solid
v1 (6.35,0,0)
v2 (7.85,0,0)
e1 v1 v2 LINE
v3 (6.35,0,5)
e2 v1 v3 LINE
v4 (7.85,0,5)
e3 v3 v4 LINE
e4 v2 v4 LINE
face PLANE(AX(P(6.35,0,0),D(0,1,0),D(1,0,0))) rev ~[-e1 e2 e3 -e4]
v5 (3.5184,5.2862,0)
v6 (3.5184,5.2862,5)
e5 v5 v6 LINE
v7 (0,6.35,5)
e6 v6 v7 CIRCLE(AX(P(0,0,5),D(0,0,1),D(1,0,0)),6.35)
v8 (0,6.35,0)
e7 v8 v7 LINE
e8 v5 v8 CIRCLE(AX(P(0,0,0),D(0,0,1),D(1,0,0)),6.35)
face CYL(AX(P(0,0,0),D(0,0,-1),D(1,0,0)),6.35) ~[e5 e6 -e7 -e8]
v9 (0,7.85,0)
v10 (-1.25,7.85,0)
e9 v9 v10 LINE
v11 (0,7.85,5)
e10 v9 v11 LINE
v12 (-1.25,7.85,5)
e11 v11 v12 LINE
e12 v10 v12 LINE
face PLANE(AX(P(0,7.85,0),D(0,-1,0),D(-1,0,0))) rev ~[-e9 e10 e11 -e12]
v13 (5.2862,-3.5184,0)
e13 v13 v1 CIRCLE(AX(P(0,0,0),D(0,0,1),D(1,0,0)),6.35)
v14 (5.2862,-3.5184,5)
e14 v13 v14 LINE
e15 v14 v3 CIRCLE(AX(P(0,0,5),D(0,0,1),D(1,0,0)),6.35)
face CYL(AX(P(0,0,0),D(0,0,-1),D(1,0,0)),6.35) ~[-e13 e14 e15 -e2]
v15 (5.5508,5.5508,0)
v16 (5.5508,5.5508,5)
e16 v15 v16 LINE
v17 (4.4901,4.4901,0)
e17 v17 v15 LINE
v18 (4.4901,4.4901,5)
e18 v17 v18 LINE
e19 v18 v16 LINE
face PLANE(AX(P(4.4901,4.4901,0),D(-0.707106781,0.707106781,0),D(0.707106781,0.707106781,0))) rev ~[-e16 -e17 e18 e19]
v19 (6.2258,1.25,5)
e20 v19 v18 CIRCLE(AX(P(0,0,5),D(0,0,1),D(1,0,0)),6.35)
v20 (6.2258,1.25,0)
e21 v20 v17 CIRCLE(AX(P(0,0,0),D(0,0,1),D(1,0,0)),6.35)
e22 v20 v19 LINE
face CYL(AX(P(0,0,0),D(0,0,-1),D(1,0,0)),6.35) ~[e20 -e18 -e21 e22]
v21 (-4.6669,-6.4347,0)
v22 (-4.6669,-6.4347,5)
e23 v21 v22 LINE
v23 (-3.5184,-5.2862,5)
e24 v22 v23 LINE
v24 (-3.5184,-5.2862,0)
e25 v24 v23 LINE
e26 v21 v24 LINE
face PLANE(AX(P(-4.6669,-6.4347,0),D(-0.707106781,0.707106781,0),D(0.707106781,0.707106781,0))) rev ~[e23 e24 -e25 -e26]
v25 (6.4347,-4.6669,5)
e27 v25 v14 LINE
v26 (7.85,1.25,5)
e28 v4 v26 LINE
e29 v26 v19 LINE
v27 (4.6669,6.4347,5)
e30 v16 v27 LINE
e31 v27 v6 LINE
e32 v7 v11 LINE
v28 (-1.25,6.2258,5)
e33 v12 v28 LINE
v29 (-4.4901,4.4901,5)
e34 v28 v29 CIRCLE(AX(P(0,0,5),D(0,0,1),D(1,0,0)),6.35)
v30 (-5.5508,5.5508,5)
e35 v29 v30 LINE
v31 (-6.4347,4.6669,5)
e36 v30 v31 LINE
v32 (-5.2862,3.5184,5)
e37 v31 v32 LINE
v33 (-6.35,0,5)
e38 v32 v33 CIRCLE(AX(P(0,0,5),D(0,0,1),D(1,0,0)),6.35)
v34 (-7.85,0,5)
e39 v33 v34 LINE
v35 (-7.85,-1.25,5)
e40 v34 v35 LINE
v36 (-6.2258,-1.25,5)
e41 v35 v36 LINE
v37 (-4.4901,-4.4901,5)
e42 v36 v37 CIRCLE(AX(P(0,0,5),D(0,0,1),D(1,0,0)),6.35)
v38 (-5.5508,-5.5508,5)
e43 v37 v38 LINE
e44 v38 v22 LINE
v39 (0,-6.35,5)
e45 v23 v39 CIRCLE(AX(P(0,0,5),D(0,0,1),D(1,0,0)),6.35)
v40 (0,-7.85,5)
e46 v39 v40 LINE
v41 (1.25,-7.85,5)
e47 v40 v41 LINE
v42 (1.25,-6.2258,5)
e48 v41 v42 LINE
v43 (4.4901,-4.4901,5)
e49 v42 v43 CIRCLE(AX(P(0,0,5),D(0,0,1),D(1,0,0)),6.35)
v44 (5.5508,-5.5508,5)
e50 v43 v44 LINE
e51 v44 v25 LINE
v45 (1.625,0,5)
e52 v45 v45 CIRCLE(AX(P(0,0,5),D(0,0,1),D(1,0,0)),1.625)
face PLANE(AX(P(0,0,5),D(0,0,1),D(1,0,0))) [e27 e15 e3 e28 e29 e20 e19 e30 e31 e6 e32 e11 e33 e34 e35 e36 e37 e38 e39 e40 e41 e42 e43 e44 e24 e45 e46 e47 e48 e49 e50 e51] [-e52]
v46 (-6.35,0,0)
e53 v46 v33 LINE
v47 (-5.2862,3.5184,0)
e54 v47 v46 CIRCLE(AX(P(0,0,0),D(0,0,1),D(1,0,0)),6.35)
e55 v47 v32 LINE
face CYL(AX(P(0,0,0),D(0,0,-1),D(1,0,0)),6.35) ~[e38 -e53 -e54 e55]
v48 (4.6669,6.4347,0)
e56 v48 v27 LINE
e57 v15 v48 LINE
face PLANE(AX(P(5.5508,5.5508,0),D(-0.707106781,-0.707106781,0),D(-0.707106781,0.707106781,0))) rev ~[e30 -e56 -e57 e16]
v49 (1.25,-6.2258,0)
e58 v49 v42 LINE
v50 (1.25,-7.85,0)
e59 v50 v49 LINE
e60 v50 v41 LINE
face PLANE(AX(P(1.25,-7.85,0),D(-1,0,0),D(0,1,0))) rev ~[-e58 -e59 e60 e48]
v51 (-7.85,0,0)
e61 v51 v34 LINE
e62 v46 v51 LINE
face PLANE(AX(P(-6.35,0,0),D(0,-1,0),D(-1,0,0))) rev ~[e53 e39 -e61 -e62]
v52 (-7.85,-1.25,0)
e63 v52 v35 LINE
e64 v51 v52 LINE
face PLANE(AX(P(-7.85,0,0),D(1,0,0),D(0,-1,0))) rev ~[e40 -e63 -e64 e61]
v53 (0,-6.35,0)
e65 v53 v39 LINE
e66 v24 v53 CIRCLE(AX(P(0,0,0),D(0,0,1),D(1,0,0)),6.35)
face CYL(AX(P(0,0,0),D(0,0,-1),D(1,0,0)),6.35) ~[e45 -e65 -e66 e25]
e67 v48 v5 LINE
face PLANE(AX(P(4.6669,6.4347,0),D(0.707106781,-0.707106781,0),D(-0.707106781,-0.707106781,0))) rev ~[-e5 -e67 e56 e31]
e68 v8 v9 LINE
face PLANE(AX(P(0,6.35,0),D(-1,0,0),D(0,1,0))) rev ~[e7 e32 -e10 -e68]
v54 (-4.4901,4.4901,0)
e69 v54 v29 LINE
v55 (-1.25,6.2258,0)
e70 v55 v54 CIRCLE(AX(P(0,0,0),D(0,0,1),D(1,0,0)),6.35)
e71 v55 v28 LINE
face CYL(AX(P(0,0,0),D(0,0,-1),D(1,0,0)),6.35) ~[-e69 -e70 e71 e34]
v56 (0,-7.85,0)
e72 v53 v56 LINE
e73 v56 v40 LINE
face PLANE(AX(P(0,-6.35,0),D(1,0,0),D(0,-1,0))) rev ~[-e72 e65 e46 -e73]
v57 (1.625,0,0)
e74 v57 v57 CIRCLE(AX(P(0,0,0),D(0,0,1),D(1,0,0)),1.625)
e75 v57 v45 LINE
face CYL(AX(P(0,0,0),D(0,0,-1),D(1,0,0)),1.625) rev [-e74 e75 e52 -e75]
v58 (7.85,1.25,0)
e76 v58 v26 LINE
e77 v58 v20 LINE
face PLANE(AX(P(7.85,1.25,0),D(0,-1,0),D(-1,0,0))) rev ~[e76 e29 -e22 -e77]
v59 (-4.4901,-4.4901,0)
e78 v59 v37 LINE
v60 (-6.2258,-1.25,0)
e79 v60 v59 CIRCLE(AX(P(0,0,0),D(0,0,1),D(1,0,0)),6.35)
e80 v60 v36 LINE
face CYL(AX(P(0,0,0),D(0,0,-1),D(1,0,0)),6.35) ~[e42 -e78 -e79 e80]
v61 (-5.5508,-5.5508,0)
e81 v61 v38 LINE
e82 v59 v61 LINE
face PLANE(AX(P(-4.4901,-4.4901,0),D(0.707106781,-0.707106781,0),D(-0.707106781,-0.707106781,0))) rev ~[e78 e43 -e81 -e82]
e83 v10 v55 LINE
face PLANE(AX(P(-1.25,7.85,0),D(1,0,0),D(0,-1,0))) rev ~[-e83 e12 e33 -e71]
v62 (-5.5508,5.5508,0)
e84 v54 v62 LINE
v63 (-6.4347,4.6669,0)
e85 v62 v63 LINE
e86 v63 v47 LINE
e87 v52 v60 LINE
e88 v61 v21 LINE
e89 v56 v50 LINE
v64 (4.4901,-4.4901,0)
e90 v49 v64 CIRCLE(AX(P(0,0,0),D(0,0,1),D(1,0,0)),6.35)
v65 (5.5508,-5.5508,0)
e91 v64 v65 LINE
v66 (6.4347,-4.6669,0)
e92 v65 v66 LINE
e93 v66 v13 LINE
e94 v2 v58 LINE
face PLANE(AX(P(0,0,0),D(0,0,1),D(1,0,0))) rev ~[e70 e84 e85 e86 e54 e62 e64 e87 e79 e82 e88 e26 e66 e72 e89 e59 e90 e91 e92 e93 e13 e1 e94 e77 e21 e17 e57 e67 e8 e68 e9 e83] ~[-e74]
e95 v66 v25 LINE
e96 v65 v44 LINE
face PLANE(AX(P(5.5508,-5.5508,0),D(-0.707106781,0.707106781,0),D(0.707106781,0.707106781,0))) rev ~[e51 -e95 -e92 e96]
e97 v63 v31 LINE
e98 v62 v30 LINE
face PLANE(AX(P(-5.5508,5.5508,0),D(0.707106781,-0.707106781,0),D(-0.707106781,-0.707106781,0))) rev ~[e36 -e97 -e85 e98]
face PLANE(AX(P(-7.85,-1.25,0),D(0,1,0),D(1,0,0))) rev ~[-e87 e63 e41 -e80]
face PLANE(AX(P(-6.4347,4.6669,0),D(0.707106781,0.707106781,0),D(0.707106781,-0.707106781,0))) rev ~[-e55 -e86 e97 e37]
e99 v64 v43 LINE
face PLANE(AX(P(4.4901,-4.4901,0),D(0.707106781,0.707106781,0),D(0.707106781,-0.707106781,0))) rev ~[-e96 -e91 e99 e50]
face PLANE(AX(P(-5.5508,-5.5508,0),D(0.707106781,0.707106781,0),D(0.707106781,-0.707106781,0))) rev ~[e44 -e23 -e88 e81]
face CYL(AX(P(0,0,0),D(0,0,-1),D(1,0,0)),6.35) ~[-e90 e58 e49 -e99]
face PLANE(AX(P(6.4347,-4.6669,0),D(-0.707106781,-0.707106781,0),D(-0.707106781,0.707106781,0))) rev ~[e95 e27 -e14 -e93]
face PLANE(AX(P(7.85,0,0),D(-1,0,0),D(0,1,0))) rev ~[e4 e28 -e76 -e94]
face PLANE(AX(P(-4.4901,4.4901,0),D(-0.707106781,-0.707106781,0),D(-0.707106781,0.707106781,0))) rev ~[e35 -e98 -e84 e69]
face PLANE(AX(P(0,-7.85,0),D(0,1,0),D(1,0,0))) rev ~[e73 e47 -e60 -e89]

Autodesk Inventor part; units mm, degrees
ref_plane "YZ Plane" through (0, 0, 0) normal (1, 0, 0) x (0, 1, 0)
ref_plane "XZ Plane" through (0, 0, 0) normal (0, 1, 0) x (-1, 0, 0)
ref_plane "XY Plane" through (0, 0, 0) normal (0, 0, 1) x (1, 0, 0)
sketch "Sketch1" plane through (0, 0, 0) normal (0, 0, 1) x (1, 0, 0)
  circle A0 centre (0, 0) radius 6.35
  line L0 (0, 6.35) -> (0, 7.85)
  line L1 (0, 7.85) -> (-1.25, 7.85)
  line L2 (-1.25, 7.85) -> (-1.25, 6.2258)
  line L3 (-5.5508, 5.5508) -> (-6.4347, 4.6669)
  line L4 (-6.4347, 4.6669) -> (-5.2862, 3.5184)
  line L5 (-4.4901, 4.4901) -> (-5.5508, 5.5508)
  line L6 (-7.85, 0) -> (-7.85, -1.25)
  line L7 (-7.85, -1.25) -> (-6.2258, -1.25)
  line L8 (-6.35, 0) -> (-7.85, 0)
  line L9 (-5.5508, -5.5508) -> (-4.6669, -6.4347)
  line L10 (-4.6669, -6.4347) -> (-3.5184, -5.2862)
  line L11 (-4.4901, -4.4901) -> (-5.5508, -5.5508)
  line L12 (0, -7.85) -> (1.25, -7.85)
  line L13 (1.25, -7.85) -> (1.25, -6.2258)
  line L14 (0, -6.35) -> (0, -7.85)
  line L15 (5.5508, -5.5508) -> (6.4347, -4.6669)
  line L16 (6.4347, -4.6669) -> (5.2862, -3.5184)
  line L17 (4.4901, -4.4901) -> (5.5508, -5.5508)
  line L18 (7.85, 0) -> (7.85, 1.25)
  line L19 (7.85, 1.25) -> (6.2258, 1.25)
  line L20 (6.35, 0) -> (7.85, 0)
  line L21 (5.5508, 5.5508) -> (4.6669, 6.4347)
  line L22 (4.6669, 6.4347) -> (3.5184, 5.2862)
  line L23 (4.4901, 4.4901) -> (5.5508, 5.5508)
  circle A1 centre (0, 0) radius 1.625
  point P0 (-3.5184, -5.2862)
  point P1 (4.4901, -4.4901)
  point P2 (5.2862, -3.5184)
  point P3 (6.2258, 1.25)
  point P4 (3.5184, 5.2862)
  dimension "d2" = 1.5
  dimension "d6" = 360
  dimension "d10" = 3.25
extrude "Extrusion1" add sketch "Sketch1" along normal blind 5
properties part number "motor gear"
